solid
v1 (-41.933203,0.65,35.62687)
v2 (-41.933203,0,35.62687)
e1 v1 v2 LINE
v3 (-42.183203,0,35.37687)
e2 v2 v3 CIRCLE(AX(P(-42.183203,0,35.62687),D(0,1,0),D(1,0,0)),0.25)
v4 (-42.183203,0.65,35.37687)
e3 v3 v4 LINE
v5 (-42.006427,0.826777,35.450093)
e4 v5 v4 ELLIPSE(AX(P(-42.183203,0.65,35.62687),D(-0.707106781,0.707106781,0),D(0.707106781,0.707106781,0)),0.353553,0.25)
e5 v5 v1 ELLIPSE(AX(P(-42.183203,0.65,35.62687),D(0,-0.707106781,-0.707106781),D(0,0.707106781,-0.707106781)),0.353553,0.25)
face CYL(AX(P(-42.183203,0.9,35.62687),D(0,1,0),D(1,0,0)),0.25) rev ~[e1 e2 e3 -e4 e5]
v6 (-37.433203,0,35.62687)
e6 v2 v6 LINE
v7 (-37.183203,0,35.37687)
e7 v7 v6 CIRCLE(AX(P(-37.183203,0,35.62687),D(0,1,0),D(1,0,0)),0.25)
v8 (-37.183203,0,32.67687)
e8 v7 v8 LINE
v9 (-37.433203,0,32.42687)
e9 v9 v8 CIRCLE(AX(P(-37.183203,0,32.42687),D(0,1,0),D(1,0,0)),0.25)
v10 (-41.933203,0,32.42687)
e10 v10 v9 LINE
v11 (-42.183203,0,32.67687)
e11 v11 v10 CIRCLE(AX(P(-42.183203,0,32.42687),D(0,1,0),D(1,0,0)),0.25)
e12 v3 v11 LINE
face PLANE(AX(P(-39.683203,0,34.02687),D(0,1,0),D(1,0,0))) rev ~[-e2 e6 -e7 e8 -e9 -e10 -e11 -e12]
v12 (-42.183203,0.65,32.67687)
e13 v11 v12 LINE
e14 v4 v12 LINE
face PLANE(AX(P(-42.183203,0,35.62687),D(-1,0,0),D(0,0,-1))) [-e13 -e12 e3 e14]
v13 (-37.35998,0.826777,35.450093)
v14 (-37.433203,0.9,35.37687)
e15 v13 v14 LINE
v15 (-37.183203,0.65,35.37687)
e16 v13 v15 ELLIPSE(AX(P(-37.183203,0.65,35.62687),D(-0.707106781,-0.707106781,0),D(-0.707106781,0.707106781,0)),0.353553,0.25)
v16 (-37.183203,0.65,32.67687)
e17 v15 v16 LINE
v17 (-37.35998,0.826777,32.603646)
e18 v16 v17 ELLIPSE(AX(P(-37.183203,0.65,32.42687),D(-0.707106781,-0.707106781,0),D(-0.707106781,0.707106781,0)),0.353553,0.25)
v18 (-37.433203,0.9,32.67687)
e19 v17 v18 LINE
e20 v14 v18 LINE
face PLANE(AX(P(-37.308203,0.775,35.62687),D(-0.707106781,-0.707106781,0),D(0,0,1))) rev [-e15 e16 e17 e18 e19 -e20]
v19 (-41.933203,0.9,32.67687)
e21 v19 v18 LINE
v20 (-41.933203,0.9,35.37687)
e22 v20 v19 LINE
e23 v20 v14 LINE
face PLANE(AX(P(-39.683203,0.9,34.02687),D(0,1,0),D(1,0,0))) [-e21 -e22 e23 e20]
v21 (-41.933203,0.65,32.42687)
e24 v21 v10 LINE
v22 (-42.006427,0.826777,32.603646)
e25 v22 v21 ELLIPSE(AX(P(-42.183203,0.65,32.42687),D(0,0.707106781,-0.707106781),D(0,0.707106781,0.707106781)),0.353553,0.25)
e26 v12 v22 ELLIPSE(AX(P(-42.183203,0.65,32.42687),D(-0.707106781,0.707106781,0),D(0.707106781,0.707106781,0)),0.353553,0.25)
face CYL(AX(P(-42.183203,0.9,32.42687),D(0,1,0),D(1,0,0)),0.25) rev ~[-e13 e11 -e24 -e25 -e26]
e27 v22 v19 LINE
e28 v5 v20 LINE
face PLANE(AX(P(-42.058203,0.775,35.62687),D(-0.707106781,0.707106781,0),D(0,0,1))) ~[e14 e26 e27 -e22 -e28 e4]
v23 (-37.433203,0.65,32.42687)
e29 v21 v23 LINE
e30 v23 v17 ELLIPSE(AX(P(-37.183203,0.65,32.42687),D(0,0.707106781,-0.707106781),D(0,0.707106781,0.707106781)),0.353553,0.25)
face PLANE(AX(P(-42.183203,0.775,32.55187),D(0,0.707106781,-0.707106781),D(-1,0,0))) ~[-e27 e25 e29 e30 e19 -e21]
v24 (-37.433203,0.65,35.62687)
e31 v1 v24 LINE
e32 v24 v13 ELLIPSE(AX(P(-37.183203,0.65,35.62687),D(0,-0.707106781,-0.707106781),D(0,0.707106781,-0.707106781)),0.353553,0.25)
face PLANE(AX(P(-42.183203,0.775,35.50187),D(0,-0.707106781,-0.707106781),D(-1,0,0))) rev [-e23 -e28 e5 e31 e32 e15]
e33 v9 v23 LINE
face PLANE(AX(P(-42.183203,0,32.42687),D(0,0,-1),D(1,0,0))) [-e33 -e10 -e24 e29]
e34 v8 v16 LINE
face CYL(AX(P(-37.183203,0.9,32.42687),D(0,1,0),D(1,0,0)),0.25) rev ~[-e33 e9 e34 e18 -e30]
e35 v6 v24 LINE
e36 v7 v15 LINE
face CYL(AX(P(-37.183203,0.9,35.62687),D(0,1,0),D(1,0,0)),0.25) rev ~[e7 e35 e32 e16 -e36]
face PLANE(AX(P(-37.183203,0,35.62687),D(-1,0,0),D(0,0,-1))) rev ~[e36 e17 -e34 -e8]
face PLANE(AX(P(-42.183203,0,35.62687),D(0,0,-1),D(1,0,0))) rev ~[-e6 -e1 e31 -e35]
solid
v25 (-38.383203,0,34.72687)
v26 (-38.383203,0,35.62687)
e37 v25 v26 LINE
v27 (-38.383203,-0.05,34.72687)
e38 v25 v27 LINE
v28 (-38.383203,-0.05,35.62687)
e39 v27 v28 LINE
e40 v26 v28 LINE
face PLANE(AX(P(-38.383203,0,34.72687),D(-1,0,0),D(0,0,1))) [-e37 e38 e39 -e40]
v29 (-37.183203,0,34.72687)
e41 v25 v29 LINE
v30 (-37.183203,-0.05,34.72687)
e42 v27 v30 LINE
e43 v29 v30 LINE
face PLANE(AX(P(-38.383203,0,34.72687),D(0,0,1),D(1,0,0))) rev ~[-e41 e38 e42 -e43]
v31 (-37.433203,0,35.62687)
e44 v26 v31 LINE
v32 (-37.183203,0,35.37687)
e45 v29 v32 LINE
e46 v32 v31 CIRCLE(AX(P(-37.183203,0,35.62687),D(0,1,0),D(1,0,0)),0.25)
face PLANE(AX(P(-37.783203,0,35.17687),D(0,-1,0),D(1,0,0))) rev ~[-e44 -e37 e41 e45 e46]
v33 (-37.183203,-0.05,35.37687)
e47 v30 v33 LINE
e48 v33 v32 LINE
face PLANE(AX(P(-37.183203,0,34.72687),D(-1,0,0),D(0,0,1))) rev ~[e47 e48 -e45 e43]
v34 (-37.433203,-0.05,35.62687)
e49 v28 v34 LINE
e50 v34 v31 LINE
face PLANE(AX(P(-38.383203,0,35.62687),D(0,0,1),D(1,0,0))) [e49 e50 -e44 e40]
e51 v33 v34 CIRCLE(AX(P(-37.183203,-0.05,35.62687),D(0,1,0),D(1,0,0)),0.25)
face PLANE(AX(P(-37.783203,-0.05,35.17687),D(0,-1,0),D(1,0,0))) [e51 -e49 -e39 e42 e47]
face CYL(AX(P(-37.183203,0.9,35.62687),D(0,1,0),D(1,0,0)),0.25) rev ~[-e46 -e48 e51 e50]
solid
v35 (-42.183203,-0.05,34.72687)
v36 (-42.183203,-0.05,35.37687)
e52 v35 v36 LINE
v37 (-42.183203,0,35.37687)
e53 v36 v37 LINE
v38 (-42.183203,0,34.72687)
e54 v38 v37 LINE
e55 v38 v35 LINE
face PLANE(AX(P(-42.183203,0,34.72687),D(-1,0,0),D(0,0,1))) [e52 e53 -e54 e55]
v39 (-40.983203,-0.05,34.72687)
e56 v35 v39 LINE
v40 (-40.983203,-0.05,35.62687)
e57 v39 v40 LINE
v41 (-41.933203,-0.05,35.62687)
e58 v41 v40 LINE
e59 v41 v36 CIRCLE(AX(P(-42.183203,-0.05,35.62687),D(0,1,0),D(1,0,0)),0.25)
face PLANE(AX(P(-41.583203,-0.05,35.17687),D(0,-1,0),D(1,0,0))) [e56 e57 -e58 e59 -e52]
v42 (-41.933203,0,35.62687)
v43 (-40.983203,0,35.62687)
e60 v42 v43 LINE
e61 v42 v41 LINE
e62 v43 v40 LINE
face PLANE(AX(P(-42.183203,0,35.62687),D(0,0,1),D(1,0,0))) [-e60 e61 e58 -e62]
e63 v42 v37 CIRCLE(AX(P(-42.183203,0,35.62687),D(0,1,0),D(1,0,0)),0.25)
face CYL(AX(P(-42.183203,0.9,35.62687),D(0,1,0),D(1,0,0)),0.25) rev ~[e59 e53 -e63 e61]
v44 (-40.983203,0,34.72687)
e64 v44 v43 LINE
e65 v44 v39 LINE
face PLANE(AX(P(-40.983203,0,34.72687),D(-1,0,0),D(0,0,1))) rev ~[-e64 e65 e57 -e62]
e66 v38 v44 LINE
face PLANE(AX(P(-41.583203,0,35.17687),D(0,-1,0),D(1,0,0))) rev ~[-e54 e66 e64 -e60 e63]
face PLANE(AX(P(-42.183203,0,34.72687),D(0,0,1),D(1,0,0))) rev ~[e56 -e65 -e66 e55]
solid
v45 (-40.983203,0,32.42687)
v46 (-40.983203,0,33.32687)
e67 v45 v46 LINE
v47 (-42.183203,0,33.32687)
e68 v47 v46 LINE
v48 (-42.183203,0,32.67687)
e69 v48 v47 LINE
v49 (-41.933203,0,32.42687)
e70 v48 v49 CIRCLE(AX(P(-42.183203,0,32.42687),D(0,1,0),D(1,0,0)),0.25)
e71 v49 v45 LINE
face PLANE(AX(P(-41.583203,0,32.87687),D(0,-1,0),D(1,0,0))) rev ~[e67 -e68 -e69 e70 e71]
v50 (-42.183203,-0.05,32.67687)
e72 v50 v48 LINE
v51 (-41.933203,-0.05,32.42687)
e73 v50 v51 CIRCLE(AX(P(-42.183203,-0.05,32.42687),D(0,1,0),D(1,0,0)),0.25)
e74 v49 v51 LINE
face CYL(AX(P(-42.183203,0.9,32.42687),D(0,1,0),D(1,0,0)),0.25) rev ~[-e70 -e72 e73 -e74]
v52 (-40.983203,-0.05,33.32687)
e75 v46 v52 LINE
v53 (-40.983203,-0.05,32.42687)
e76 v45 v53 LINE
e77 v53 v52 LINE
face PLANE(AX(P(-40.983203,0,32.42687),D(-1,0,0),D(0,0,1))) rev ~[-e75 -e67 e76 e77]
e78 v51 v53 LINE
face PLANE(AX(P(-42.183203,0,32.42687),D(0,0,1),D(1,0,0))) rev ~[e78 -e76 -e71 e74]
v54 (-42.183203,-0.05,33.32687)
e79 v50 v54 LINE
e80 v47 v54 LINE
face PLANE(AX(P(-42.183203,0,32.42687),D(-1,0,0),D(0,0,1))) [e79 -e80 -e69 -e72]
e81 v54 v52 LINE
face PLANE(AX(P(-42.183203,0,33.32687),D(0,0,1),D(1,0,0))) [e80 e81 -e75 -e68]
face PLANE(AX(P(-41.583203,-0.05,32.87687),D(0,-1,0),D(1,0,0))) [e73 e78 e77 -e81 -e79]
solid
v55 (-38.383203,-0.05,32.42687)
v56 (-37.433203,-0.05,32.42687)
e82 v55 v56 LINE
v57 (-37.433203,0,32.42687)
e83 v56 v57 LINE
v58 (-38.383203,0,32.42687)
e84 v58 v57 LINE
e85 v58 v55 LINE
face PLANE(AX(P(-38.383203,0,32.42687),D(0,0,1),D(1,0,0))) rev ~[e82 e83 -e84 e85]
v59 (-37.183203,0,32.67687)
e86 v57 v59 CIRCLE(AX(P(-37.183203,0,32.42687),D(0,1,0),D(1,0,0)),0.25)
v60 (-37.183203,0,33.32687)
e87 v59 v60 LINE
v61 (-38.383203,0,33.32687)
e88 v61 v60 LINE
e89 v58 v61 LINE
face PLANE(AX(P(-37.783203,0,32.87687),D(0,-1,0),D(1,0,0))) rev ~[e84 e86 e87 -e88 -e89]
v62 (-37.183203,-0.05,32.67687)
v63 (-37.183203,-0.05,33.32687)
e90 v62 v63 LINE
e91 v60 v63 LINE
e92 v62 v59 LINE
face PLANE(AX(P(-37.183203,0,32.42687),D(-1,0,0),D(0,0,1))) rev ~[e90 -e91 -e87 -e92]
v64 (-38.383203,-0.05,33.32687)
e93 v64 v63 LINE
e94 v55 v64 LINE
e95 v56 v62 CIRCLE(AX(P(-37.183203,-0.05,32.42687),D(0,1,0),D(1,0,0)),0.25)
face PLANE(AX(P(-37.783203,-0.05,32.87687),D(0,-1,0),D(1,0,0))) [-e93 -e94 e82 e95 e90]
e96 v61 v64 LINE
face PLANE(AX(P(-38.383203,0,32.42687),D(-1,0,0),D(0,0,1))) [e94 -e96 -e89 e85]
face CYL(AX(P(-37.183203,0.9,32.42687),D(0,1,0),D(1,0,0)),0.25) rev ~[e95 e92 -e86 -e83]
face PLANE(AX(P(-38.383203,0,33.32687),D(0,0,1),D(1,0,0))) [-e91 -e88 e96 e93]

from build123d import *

# Parameters (mm, degrees)
SKETCH1_W        = 5
SKETCH1_H        = 3.2
EXTRUDE1_DEPTH   = 0.9
CHAMFER1_SIZE    = 0.25
SKETCH2_W        = 1.2
SKETCH2_H        = 0.9
EXTRUDE2_DEPTH   = 0.05
EXTRUDE2_2_DEPTH = 0.05
EXTRUDE2_3_DEPTH = 0.05
EXTRUDE2_4_DEPTH = 0.05
SKETCH3_R        = 0.25
EXTRUDE3_DEPTH   = 56.223174198


with BuildPart() as part:
    # Sketch1 → Extrude1 (new body)
    with BuildSketch(Plane(origin=(0, 0, 0), x_dir=(1, 0, 0), z_dir=(0, 1, 0))):
        with Locations((-39.683203209, -34.026869572)):
            Rectangle(SKETCH1_W, SKETCH1_H)
    extrude(amount=EXTRUDE1_DEPTH)

    # Chamfer1
    chamfer1_edges = [part.edges().sort_by_distance(p)[0] for p in [
        (-37.183203209, 0.9, 34.026869572),
        (-39.683203209, 0.9, 32.426869572),
        (-42.183203209, 0.9, 34.026869572),
        (-39.683203209, 0.9, 35.626869572),
    ]]
    chamfer(chamfer1_edges, length=CHAMFER1_SIZE)


with BuildPart() as body_2:
    # Sketch2 → Extrude2 (new body)
    with BuildSketch(Plane.XZ):
        with Locations((-41.583203209, 35.176869572)):
            Rectangle(SKETCH2_W, SKETCH2_H)
    extrude(amount=EXTRUDE2_DEPTH)


with BuildPart() as body_3:
    # Sketch2 → Extrude2 2 (new body)
    with BuildSketch(Plane.XZ):
        with Locations((-37.783203209, 35.176869572)):
            Rectangle(SKETCH2_W, SKETCH2_H)
    extrude(amount=EXTRUDE2_2_DEPTH)


with BuildPart() as body_4:
    # Sketch2 → Extrude2 3 (new body)
    with BuildSketch(Plane.XZ):
        with Locations((-37.783203209, 32.876869572)):
            Rectangle(SKETCH2_W, SKETCH2_H)
    extrude(amount=EXTRUDE2_3_DEPTH)


with BuildPart() as body_5:
    # Sketch2 → Extrude2 4 (new body)
    with BuildSketch(Plane.XZ):
        with Locations((-41.583203209, 32.876869572)):
            Rectangle(SKETCH2_W, SKETCH2_H)
    extrude(amount=EXTRUDE2_4_DEPTH)


with BuildPart() as extrude3_tool:
    # Sketch3 → Extrude3 (new, through all)
    with BuildSketch(Plane(origin=(0, 0.9, 0), x_dir=(1, 0, 0), z_dir=(0, 1, 0))):
        with Locations((-42.183203209, -32.426869572)):
            Circle(SKETCH3_R)
        with Locations((-37.183203209, -32.426869572)):
            Circle(SKETCH3_R)
        with Locations((-37.183203209, -35.626869572)):
            Circle(SKETCH3_R)
        with Locations((-42.183203209, -35.626869572)):
            Circle(SKETCH3_R)
    extrude(amount=-EXTRUDE3_DEPTH)


with BuildPart() as part_1:
    add(part.part)

    # Extrude3: cut by extrude3_tool
    add(extrude3_tool.part, mode=Mode.SUBTRACT)


with BuildPart() as body_2_1:
    add(body_2.part)

    # Extrude3: cut by extrude3_tool
    add(extrude3_tool.part, mode=Mode.SUBTRACT)


with BuildPart() as body_3_1:
    add(body_3.part)

    # Extrude3: cut by extrude3_tool
    add(extrude3_tool.part, mode=Mode.SUBTRACT)


with BuildPart() as body_4_1:
    add(body_4.part)

    # Extrude3: cut by extrude3_tool
    add(extrude3_tool.part, mode=Mode.SUBTRACT)


with BuildPart() as body_5_1:
    add(body_5.part)

    # Extrude3: cut by extrude3_tool
    add(extrude3_tool.part, mode=Mode.SUBTRACT)


solid = Compound([part_1.part, body_2_1.part, body_3_1.part, body_4_1.part, body_5_1.part])
